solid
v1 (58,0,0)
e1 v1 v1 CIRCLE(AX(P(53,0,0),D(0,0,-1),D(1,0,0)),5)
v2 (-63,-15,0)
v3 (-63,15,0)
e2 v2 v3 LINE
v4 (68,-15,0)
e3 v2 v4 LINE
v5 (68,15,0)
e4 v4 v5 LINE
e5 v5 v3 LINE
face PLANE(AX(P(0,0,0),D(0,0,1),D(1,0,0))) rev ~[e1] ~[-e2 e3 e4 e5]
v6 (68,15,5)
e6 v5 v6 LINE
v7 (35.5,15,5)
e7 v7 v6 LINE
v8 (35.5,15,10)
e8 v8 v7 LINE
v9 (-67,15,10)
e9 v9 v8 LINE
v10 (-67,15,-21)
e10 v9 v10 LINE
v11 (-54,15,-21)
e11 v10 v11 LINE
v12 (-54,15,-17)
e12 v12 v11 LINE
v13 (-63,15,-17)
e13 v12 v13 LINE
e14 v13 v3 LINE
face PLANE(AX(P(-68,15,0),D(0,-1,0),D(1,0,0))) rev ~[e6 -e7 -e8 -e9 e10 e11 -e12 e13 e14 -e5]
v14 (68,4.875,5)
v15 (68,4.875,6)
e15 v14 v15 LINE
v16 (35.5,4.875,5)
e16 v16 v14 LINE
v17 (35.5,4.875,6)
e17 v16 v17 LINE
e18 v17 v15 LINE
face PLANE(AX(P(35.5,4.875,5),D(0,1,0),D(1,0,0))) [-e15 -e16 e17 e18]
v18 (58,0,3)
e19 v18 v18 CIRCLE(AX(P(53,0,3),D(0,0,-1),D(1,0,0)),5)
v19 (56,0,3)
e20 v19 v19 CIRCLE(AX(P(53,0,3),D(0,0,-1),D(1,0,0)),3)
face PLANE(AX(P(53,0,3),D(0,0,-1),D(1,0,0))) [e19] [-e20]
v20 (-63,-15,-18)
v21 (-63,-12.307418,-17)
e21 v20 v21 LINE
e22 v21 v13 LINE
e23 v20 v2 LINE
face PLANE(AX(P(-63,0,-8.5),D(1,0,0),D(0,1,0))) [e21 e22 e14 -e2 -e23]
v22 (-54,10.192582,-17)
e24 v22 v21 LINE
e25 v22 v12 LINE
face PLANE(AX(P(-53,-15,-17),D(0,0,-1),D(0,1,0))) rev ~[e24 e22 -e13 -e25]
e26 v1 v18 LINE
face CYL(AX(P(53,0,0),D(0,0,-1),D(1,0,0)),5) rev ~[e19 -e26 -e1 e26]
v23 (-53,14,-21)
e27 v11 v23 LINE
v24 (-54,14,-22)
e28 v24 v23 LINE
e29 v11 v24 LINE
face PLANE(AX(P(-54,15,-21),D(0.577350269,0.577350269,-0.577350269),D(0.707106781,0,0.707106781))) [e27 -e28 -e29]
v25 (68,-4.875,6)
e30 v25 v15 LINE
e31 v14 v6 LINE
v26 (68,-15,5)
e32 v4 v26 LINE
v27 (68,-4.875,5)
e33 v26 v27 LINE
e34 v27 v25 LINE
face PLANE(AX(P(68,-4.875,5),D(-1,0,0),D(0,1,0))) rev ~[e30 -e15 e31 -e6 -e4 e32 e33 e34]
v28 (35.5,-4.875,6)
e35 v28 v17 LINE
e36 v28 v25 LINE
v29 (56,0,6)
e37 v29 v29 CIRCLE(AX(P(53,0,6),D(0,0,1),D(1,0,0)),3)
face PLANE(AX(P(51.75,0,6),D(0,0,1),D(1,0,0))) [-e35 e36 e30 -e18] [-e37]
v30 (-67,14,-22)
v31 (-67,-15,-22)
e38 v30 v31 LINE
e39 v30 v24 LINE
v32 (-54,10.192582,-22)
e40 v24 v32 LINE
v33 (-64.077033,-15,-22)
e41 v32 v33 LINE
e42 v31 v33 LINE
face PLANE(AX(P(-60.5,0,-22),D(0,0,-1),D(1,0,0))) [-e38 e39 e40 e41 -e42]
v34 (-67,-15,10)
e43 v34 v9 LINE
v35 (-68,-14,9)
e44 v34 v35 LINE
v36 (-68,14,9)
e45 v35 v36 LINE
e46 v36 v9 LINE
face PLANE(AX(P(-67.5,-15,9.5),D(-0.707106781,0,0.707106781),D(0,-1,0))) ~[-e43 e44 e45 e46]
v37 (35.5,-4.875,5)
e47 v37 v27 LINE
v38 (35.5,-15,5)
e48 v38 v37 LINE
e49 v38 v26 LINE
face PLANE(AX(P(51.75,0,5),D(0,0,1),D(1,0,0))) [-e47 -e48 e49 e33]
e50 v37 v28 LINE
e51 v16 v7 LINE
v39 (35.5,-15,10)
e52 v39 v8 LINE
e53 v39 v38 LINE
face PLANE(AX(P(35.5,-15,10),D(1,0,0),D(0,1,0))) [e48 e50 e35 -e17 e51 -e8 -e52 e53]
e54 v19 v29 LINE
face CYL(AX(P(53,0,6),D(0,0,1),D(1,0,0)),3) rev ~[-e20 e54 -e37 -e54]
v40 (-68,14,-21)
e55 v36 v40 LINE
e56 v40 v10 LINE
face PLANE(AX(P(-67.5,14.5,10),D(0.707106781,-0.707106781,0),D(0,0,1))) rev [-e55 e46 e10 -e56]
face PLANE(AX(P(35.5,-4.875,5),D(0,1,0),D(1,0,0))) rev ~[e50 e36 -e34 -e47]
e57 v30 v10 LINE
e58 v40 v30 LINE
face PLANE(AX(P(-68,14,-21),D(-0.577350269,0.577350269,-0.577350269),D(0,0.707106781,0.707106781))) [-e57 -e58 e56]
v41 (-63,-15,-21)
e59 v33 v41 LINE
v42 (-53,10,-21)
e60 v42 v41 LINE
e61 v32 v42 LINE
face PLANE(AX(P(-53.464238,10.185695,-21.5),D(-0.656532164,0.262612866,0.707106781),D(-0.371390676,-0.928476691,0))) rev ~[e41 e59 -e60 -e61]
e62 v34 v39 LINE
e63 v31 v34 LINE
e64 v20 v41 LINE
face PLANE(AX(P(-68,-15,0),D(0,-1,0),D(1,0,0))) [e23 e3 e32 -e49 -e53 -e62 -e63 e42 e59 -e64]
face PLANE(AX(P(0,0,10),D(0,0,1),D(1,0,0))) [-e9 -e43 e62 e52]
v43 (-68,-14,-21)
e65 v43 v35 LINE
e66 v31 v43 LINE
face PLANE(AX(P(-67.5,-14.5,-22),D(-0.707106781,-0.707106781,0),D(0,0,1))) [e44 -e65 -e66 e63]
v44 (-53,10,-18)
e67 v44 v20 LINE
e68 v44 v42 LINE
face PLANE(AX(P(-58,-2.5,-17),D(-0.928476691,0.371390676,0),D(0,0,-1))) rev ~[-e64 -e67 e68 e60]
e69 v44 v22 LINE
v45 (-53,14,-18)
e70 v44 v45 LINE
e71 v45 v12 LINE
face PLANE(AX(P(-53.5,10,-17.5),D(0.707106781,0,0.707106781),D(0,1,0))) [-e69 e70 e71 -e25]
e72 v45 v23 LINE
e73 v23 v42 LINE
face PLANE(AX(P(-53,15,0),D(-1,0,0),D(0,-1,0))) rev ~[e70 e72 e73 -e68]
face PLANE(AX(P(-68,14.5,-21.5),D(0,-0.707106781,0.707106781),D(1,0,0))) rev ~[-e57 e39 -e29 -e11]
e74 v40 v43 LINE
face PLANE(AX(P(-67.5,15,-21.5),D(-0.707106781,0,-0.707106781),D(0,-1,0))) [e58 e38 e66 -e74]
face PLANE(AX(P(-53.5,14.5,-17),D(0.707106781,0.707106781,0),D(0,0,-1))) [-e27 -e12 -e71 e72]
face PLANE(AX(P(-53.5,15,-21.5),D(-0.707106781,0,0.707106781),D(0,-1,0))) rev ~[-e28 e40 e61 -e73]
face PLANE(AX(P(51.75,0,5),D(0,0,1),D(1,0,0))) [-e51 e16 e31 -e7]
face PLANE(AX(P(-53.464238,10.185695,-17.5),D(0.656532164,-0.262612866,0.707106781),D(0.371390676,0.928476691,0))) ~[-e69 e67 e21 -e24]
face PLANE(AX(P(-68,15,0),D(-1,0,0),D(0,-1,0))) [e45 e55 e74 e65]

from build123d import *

# Parameters (mm, degrees)
SKETCH027_W      = 136
SKETCH027_H      = 30
PAD009_DEPTH     = 10
SKETCH026_W      = 15
SKETCH026_H      = 30
PAD010_DEPTH     = 22
SKETCH028_W      = 30
SKETCH028_H      = 17
POCKET017_DEPTH  = 10
SKETCH025_R      = 3
POCKET018_DEPTH  = 10.001
SKETCH029_W      = 32.5
SKETCH029_H      = 30
POCKET019_DEPTH  = 5
SKETCH039_R      = 5
POCKET027_DEPTH  = 3
CHAMFER008_SIZE2 = 10
CHAMFER008_SIZE  = 25
CHAMFER009_SIZE  = 1
SKETCH079_W      = 32.5
SKETCH079_H      = 9.75
PAD030_DEPTH     = 1
PAD034_DEPTH     = 1
SKETCH083_R      = 3
POCKET050_DEPTH  = 5


with BuildPart() as part:
    # Sketch027 → Pad009 (new body)
    with BuildSketch(Plane.XY):
        Rectangle(SKETCH027_W, SKETCH027_H)
    extrude(amount=PAD009_DEPTH)

    # Sketch026 (on Face5 of Pad009) → Pad010 (join)
    with BuildSketch(Plane(origin=(0, 0, 0), x_dir=(1, 0, 0), z_dir=(0, 0, -1))):
        with Locations((-60.5, 0)):
            Rectangle(SKETCH026_W, SKETCH026_H)
    extrude(amount=PAD010_DEPTH)

    # Sketch028 (on Face9 of Pad010) → Pocket017 (cut)
    with BuildSketch(Plane.YZ.offset(-53)):
        with Locations((0, -8.5)):
            Rectangle(SKETCH028_W, SKETCH028_H)
    extrude(amount=-POCKET017_DEPTH, mode=Mode.SUBTRACT)

    # Sketch025 (on Face5 of Pocket017) → Pocket018 (cut, through all)
    with BuildSketch(Plane(origin=(0, 0, 0), x_dir=(1, 0, 0), z_dir=(0, 0, -1))):
        with Locations((53, 0)):
            Circle(SKETCH025_R)
    extrude(amount=-POCKET018_DEPTH, mode=Mode.SUBTRACT)

    # Sketch029 → Pocket019 (cut)
    with BuildSketch(Plane.XY.offset(10)):
        with Locations((51.75, 0)):
            Rectangle(SKETCH029_W, SKETCH029_H)
    extrude(amount=-POCKET019_DEPTH, mode=Mode.SUBTRACT)

    # Sketch039 (on Face4 of Pocket019) → Pocket027 (cut)
    with BuildSketch(Plane(origin=(0, 0, 0), x_dir=(1, 0, 0), z_dir=(0, 0, -1))):
        with Locations((53, 0)):
            Circle(SKETCH039_R)
    extrude(amount=-POCKET027_DEPTH, mode=Mode.SUBTRACT)

    # Chamfer008
    chamfer008_edges = [part.edges().sort_by_distance(p)[0] for p in [
        (-53, -15, -19.5),
    ]]
    chamfer008_side = part.faces().sort_by_distance((-53, 0, -19.5))[0]
    chamfer(chamfer008_edges, length=CHAMFER008_SIZE, length2=CHAMFER008_SIZE2, reference=chamfer008_side)

    # Chamfer009
    chamfer009_edges = [part.edges().sort_by_distance(p)[0] for p in [
        (-58, -2.5, -17),
        (-58, -2.5, -22),
        (-53, 12.5, -17),
        (-53, 12.5, -22),
        (-60.5, 15, -22),
        (-53, 15, -19.5),
        (-68, 0, -22),
        (-68, -15, -11),
        (-68, -15, 5),
        (-68, 0, 10),
        (-68, 15, -11),
        (-68, 15, 5),
    ]]
    chamfer(chamfer009_edges, length=CHAMFER009_SIZE)

    # Sketch079 (on Face22 of Chamfer009) → Pad030 (join)
    with BuildSketch(Plane.XY.offset(5)):
        with Locations((51.75, 0)):
            Rectangle(SKETCH079_W, SKETCH079_H)
    extrude(amount=PAD030_DEPTH)

    # Sketch079 (on Face22 of Chamfer009) → Pad034 (join)
    with BuildSketch(Plane.XY.offset(5)):
        with Locations((51.75, 0)):
            Rectangle(SKETCH079_W, SKETCH079_H)
    extrude(amount=PAD034_DEPTH)

    # Sketch083 (on Face34 of Pad034) → Pocket050 (cut)
    with BuildSketch(Plane.XY.offset(6)):
        with Locations((53, 0)):
            Circle(SKETCH083_R)
    extrude(amount=-POCKET050_DEPTH, mode=Mode.SUBTRACT)


solid = part.part
